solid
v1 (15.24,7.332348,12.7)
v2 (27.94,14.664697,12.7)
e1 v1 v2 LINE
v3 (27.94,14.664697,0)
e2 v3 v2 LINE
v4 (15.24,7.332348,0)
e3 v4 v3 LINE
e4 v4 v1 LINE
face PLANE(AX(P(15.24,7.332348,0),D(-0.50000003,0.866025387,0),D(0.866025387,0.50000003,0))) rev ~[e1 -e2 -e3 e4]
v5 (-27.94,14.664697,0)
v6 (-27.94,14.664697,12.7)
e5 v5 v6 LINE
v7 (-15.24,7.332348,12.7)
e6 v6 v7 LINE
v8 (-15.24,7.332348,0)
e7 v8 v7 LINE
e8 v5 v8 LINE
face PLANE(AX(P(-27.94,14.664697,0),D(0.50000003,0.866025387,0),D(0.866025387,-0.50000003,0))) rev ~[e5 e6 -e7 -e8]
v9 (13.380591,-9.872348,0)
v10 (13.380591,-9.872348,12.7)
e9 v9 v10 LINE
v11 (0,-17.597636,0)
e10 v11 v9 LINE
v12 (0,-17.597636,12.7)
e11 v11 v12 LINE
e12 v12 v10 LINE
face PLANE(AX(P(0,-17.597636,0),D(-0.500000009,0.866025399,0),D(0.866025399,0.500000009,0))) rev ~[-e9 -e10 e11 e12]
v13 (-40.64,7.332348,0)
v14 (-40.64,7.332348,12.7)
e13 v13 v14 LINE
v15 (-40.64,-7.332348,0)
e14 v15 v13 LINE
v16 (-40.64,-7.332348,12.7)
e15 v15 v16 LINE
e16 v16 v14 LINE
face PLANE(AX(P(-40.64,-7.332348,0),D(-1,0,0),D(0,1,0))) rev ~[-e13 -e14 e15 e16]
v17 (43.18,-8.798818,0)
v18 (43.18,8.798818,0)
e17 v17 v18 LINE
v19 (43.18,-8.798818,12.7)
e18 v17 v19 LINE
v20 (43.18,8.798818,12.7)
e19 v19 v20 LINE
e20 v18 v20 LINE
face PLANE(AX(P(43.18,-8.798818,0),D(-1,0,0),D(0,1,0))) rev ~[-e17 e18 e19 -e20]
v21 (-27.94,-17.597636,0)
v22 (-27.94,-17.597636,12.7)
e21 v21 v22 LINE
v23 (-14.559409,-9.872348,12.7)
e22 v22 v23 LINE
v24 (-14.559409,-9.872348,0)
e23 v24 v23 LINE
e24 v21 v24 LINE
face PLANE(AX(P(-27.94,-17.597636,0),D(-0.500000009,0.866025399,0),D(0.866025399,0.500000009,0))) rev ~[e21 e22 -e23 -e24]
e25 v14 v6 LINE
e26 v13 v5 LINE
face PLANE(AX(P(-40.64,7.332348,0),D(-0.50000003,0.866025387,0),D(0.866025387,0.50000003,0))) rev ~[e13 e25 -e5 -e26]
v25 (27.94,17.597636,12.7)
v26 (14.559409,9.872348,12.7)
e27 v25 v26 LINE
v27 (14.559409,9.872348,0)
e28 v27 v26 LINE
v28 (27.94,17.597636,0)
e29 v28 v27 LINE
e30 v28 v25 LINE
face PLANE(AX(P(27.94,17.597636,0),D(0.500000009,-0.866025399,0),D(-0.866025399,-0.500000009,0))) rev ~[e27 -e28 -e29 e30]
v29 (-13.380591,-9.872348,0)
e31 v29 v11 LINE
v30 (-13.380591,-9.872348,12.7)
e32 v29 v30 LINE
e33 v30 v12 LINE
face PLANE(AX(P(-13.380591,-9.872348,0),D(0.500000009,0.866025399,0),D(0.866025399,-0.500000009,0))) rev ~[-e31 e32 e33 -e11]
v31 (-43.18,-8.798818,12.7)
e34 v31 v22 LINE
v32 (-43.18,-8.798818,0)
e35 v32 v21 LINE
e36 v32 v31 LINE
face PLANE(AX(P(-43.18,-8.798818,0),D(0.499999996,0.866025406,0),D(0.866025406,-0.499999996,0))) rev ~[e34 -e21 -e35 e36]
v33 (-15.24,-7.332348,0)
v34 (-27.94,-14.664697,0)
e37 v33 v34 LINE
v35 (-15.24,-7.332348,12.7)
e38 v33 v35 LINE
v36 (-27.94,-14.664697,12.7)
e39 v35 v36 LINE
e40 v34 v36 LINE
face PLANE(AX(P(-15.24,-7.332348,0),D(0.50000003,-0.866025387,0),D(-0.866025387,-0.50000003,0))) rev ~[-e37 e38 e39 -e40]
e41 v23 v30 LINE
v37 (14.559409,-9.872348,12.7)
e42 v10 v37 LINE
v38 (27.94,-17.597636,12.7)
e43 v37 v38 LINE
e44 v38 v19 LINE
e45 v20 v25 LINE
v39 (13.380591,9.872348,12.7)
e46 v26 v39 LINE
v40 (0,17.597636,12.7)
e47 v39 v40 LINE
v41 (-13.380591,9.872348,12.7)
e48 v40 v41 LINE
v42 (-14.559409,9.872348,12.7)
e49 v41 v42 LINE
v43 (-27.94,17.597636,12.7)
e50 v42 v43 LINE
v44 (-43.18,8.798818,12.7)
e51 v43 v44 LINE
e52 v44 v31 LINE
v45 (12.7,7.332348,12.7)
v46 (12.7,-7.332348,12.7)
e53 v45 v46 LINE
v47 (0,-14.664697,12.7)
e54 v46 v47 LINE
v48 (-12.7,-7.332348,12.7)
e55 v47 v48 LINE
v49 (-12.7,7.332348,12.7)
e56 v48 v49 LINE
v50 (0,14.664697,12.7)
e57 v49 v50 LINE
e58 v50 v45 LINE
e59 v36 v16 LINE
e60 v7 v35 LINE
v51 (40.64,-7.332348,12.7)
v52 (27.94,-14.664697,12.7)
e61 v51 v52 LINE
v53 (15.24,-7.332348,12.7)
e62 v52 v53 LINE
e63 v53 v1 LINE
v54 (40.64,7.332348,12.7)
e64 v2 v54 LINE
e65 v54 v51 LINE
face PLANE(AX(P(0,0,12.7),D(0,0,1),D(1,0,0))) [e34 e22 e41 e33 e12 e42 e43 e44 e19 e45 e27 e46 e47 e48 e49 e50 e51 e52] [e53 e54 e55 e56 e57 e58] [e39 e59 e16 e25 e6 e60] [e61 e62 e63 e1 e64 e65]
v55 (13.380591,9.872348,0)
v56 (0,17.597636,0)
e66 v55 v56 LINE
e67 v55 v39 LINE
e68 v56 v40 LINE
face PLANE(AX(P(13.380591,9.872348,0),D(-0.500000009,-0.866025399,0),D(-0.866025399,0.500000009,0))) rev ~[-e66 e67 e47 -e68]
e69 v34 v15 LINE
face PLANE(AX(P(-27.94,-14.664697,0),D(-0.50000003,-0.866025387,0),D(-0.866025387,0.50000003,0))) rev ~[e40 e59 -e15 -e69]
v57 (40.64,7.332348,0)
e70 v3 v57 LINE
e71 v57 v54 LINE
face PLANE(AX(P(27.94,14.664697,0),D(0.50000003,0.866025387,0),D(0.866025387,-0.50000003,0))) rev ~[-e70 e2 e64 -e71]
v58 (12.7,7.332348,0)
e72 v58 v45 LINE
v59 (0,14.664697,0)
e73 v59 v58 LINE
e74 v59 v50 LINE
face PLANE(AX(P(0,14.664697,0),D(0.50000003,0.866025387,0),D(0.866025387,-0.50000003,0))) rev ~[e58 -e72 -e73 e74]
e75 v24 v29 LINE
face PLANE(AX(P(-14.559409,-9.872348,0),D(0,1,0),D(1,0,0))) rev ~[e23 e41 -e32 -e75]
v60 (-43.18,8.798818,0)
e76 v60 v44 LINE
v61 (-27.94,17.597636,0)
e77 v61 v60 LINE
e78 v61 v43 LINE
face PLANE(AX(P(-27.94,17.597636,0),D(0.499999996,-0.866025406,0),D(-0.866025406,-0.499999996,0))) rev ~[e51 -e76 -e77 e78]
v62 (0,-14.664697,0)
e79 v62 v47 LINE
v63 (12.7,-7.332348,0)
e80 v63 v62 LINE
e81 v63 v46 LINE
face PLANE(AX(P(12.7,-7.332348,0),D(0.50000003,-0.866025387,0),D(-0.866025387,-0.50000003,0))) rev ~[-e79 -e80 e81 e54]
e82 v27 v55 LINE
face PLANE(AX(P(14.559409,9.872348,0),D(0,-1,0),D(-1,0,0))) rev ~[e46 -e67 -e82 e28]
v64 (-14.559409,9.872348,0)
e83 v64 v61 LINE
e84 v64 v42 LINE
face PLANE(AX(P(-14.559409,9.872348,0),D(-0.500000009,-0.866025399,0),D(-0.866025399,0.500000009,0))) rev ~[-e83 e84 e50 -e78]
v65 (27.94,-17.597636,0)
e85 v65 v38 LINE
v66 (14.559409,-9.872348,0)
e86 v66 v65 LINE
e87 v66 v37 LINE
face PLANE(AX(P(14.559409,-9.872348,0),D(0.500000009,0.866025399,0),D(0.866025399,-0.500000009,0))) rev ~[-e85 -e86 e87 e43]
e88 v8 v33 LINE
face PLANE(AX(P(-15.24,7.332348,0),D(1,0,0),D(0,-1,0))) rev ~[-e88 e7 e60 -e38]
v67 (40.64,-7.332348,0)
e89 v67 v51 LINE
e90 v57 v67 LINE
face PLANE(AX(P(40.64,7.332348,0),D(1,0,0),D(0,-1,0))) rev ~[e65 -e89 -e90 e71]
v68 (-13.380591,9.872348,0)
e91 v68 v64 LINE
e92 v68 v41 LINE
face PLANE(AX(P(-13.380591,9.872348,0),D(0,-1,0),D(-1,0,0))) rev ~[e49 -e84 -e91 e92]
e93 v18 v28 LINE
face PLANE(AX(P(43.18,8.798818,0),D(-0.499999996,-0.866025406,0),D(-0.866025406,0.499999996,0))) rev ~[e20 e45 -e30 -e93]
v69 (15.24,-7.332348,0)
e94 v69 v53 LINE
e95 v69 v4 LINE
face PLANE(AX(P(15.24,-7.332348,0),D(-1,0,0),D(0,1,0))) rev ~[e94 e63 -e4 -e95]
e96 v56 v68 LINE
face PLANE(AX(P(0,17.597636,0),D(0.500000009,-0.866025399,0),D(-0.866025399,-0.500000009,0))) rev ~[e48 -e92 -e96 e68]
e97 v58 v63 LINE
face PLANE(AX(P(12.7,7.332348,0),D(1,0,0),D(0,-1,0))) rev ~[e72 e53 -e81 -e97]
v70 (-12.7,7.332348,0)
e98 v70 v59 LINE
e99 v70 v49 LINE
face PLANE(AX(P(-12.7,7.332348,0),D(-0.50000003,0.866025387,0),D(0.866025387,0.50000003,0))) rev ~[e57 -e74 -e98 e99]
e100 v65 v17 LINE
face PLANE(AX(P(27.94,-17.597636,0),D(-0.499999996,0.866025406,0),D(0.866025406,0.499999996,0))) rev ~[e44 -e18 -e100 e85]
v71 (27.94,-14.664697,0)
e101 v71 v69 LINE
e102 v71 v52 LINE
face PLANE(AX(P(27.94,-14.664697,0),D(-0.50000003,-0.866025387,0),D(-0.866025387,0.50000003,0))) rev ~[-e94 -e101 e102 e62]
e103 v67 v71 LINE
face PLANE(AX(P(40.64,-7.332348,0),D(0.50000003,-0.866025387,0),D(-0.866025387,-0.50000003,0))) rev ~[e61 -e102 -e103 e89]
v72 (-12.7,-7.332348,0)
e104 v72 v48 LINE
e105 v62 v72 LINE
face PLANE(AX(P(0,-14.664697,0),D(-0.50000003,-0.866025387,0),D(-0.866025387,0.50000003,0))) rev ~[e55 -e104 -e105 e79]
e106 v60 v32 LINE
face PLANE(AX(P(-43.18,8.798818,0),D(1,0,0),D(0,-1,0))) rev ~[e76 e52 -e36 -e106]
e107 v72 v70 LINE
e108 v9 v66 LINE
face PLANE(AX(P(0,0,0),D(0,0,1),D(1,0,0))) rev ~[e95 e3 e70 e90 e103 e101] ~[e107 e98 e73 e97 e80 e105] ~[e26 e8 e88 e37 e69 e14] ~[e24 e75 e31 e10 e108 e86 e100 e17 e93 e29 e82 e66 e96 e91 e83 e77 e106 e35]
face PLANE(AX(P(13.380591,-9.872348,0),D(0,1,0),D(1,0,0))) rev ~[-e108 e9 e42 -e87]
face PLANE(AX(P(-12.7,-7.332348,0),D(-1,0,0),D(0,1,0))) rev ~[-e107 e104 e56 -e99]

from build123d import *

# Parameters (mm, degrees)
F1_DEPTH = 12.7


with BuildPart() as f1:
    # F0 (on Top) → F1 (new body)
    with BuildSketch(Plane.XY):
        Polygon((-43.18, 8.798818), (-43.18, -8.798818), (-27.94, -17.597636), (-14.559409, -9.872348), (-13.380591, -9.872348), (0, -17.597636), (13.380591, -9.872348), (14.559409, -9.872348), (27.94, -17.597636), (43.18, -8.798818), (43.18, 8.798818), (27.94, 17.597636), (14.559409, 9.872348), (13.380591, 9.872348), (0, 17.597636), (-13.380591, 9.872348), (-14.559409, 9.872348), (-27.94, 17.597636), align=None)
        Polygon((-27.94, 14.664697), (-15.24, 7.332348), (-15.24, -7.332348), (-27.94, -14.664697), (-40.64, -7.332348), (-40.64, 7.332348), align=None, mode=Mode.SUBTRACT)
        Polygon((0, -14.664697), (-12.7, -7.332348), (-12.7, 7.332348), (0, 14.664697), (12.7, 7.332348), (12.7, -7.332348), align=None, mode=Mode.SUBTRACT)
        Polygon((27.94, -14.664697), (15.24, -7.332348), (15.24, 7.332348), (27.94, 14.664697), (40.64, 7.332348), (40.64, -7.332348), align=None, mode=Mode.SUBTRACT)
    extrude(amount=F1_DEPTH)


solid = f1.part
